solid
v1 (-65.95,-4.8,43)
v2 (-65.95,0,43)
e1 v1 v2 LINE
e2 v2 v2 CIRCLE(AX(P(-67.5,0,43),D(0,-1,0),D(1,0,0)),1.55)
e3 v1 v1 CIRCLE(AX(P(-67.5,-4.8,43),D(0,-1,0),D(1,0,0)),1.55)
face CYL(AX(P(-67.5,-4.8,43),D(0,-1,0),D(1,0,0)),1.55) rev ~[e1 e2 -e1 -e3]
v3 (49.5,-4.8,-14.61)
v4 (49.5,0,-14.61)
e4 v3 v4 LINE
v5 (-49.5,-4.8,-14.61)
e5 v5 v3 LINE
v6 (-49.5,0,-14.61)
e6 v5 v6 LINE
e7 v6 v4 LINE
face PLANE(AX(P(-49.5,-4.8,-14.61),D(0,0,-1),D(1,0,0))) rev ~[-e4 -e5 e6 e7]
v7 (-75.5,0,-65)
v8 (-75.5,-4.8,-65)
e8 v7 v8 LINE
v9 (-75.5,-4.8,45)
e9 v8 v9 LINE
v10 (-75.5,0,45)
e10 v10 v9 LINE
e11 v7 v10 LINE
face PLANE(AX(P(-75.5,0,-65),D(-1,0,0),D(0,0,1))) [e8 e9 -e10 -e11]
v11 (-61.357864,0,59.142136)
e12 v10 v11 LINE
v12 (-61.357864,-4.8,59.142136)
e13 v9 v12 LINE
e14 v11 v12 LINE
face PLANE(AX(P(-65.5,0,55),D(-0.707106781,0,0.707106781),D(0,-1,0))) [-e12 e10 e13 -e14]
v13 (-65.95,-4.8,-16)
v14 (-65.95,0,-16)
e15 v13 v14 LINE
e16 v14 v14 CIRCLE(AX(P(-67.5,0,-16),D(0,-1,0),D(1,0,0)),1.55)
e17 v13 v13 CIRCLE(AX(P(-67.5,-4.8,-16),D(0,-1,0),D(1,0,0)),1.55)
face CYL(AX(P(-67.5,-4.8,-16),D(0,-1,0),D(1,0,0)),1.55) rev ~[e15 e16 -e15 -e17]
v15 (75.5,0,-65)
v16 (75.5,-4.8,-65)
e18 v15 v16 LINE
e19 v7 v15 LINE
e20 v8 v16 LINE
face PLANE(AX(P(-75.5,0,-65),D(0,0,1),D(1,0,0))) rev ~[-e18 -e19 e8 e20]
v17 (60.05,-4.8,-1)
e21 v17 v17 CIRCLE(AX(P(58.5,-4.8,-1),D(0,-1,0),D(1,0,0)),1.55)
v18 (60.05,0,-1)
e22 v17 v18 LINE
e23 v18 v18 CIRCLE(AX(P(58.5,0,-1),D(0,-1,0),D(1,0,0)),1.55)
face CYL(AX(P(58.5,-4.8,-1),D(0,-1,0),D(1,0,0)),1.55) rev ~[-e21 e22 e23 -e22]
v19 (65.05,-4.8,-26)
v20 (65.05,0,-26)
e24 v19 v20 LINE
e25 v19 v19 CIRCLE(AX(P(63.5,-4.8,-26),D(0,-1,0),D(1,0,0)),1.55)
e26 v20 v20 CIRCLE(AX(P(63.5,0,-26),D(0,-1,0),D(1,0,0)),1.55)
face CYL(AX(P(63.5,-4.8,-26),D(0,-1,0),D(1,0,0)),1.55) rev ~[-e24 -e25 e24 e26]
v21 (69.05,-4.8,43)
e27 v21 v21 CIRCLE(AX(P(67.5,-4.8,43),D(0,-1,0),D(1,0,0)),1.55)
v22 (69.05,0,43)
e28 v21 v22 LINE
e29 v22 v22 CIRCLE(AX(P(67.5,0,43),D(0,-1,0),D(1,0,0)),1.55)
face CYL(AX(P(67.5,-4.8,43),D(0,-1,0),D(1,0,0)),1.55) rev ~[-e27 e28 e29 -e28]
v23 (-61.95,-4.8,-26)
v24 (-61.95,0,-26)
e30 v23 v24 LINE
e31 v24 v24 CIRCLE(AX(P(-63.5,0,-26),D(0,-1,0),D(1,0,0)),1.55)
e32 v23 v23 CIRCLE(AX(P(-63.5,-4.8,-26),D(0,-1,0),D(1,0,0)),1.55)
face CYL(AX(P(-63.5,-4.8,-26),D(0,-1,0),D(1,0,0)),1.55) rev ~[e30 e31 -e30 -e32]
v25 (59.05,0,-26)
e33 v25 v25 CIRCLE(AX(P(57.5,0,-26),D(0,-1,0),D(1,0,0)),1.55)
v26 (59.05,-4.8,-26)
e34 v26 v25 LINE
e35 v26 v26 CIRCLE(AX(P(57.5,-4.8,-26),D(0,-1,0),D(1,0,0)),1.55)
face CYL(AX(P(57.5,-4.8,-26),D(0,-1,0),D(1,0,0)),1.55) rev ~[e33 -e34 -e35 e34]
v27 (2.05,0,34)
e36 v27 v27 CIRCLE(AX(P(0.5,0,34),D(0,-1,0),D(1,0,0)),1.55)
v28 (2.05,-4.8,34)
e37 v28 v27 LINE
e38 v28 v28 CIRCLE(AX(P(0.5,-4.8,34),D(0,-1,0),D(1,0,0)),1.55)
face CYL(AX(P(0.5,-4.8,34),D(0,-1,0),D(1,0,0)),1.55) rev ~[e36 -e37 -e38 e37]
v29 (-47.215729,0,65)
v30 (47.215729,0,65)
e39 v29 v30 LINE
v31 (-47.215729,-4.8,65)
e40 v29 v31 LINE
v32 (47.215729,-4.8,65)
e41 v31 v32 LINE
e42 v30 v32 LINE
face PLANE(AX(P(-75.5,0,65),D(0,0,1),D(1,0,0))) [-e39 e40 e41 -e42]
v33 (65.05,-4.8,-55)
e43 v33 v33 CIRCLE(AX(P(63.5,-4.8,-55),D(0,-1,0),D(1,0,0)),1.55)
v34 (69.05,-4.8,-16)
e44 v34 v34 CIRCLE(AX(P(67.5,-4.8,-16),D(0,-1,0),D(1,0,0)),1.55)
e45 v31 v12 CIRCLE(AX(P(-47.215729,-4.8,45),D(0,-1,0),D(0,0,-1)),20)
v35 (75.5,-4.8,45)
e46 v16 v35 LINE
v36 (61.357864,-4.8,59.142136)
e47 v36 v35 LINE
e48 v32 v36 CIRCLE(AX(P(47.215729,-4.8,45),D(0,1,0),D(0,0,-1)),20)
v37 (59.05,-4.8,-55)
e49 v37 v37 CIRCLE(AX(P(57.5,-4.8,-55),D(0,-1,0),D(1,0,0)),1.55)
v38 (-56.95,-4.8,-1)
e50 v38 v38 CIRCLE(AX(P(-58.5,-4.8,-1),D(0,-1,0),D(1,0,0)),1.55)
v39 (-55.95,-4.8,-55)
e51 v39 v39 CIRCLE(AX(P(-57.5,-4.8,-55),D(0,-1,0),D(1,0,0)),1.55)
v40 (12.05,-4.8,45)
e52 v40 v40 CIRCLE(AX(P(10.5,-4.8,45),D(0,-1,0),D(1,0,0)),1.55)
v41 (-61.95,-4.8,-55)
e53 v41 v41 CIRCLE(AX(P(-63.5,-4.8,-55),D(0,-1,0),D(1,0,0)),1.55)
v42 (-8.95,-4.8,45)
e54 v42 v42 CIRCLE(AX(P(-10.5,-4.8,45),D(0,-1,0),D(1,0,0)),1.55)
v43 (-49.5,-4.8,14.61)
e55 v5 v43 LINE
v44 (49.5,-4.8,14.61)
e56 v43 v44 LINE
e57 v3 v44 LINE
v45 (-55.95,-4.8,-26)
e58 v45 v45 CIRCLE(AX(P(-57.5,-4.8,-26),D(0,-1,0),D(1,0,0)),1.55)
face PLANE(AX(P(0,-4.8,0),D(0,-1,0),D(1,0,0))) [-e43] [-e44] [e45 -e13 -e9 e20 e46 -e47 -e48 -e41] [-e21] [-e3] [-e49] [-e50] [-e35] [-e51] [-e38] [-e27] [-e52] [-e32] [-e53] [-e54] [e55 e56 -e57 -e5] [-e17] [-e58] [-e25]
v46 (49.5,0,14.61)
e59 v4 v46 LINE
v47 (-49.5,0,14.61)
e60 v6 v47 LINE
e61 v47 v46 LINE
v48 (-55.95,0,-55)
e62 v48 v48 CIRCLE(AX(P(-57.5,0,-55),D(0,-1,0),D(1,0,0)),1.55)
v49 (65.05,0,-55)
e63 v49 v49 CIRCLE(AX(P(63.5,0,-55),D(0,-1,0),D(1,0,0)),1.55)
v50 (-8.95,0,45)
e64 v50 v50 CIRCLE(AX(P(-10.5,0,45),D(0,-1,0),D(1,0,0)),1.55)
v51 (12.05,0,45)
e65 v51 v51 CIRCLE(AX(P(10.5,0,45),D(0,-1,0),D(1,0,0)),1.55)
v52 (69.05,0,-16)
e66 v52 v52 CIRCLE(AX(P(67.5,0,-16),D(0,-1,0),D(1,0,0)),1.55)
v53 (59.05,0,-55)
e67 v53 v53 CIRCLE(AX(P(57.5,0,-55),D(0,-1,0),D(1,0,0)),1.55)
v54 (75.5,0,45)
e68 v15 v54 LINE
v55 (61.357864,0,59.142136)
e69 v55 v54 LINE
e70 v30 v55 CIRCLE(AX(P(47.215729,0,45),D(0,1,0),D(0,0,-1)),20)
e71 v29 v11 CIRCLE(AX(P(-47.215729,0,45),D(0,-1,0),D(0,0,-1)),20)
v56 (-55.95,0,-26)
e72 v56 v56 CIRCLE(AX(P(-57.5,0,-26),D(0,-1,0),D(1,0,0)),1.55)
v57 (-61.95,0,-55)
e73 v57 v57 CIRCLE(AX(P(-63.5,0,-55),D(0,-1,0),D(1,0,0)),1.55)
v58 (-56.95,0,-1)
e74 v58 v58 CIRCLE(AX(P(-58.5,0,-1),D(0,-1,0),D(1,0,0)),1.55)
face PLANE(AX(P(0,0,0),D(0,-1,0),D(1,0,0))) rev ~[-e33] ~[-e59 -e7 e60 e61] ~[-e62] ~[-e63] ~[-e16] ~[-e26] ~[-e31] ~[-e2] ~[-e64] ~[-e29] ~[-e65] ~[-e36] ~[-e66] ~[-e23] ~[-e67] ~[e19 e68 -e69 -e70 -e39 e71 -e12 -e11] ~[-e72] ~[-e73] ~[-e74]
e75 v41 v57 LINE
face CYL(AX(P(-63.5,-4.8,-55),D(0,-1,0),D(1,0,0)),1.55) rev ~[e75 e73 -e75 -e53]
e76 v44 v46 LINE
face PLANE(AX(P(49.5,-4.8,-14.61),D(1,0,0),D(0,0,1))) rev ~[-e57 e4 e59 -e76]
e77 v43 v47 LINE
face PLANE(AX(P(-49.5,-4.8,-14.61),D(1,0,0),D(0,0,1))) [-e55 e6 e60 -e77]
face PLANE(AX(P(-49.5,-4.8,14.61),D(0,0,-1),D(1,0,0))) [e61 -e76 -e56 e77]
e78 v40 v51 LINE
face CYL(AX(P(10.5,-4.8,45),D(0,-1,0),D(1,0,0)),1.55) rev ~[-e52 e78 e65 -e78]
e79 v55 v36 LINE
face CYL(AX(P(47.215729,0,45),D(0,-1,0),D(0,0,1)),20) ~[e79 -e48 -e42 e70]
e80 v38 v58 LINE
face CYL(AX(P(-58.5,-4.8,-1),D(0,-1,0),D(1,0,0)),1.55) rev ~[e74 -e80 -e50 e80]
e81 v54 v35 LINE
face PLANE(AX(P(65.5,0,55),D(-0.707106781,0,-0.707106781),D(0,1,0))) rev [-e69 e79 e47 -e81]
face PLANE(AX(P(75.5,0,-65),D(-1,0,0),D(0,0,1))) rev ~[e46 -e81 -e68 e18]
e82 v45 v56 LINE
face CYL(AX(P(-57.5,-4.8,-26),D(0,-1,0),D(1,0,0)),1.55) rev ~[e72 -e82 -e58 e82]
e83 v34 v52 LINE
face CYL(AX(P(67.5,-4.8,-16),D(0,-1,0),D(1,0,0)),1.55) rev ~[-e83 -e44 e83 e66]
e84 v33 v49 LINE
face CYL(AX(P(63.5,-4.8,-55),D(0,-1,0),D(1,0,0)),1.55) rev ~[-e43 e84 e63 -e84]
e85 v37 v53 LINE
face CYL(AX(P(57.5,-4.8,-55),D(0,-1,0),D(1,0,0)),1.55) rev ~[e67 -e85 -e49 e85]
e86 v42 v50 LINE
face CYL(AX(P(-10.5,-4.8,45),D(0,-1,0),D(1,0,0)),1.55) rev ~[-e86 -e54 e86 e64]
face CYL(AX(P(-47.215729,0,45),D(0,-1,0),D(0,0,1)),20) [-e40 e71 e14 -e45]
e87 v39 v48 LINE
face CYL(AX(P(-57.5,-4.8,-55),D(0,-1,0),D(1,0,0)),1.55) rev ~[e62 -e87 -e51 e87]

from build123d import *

# Parameters (mm, degrees)
F0_W     = 151
F0_H     = 130
F1_DEPTH = 4.8
F2_W     = 99
F2_H     = 29.22
F3_DEPTH = 4.8
F2_R     = 1.55
F4_DEPTH = 4.8
F5_SIZE  = 20
F6_SIZE  = 20
F7_R     = 20
F8_R     = 20


with BuildPart() as f1:
    # F0 (on Front) → F1 (new body)
    with BuildSketch(Plane.XZ):
        Rectangle(F0_W, F0_H)
    extrude(amount=F1_DEPTH)

    # F2 (on face) → F3 (cut)
    with BuildSketch(Plane.XZ.offset(4.8)):
        Rectangle(F2_W, F2_H)
    extrude(amount=-F3_DEPTH, mode=Mode.SUBTRACT)

    # F2 (on face) → F4 (cut)
    with BuildSketch(Plane.XZ.offset(4.8)):
        Rectangle(F2_W, F2_H)
        with Locations((-63.5, -55)):
            Circle(F2_R)
        with Locations((-57.5, -55)):
            Circle(F2_R)
        with Locations((-63.5, -26)):
            Circle(F2_R)
        with Locations((-57.5, -26)):
            Circle(F2_R)
        with Locations((57.5, -26)):
            Circle(F2_R)
        with Locations((63.5, -26)):
            Circle(F2_R)
        with Locations((57.5, -55)):
            Circle(F2_R)
        with Locations((63.5, -55)):
            Circle(F2_R)
        with Locations((-67.5, -16)):
            Circle(F2_R)
        with Locations((67.5, -16)):
            Circle(F2_R)
        with Locations((-58.5, -1)):
            Circle(F2_R)
        with Locations((58.5, -1)):
            Circle(F2_R)
        with Locations((67.5, 43)):
            Circle(F2_R)
        with Locations((-67.5, 43)):
            Circle(F2_R)
        with Locations((-10.5, 45)):
            Circle(F2_R)
        with Locations((10.5, 45)):
            Circle(F2_R)
        with Locations((0.5, 34)):
            Circle(F2_R)
    extrude(amount=-F4_DEPTH, mode=Mode.SUBTRACT)

    # F5
    f5_edges = [f1.edges().sort_by_distance(p)[0] for p in [
        (-75.5, -2.4, 65),
    ]]
    chamfer(f5_edges, length=F5_SIZE)

    # F6
    f6_edges = [f1.edges().sort_by_distance(p)[0] for p in [
        (75.5, -2.4, 65),
    ]]
    chamfer(f6_edges, length=F6_SIZE)

    # F7
    f7_edges = [f1.edges().sort_by_distance(p)[0] for p in [
        (-55.5, -2.4, 65),
    ]]
    fillet(f7_edges, radius=F7_R)

    # F8
    f8_edges = [f1.edges().sort_by_distance(p)[0] for p in [
        (55.5, -2.4, 65),
    ]]
    fillet(f8_edges, radius=F8_R)


solid = f1.part
